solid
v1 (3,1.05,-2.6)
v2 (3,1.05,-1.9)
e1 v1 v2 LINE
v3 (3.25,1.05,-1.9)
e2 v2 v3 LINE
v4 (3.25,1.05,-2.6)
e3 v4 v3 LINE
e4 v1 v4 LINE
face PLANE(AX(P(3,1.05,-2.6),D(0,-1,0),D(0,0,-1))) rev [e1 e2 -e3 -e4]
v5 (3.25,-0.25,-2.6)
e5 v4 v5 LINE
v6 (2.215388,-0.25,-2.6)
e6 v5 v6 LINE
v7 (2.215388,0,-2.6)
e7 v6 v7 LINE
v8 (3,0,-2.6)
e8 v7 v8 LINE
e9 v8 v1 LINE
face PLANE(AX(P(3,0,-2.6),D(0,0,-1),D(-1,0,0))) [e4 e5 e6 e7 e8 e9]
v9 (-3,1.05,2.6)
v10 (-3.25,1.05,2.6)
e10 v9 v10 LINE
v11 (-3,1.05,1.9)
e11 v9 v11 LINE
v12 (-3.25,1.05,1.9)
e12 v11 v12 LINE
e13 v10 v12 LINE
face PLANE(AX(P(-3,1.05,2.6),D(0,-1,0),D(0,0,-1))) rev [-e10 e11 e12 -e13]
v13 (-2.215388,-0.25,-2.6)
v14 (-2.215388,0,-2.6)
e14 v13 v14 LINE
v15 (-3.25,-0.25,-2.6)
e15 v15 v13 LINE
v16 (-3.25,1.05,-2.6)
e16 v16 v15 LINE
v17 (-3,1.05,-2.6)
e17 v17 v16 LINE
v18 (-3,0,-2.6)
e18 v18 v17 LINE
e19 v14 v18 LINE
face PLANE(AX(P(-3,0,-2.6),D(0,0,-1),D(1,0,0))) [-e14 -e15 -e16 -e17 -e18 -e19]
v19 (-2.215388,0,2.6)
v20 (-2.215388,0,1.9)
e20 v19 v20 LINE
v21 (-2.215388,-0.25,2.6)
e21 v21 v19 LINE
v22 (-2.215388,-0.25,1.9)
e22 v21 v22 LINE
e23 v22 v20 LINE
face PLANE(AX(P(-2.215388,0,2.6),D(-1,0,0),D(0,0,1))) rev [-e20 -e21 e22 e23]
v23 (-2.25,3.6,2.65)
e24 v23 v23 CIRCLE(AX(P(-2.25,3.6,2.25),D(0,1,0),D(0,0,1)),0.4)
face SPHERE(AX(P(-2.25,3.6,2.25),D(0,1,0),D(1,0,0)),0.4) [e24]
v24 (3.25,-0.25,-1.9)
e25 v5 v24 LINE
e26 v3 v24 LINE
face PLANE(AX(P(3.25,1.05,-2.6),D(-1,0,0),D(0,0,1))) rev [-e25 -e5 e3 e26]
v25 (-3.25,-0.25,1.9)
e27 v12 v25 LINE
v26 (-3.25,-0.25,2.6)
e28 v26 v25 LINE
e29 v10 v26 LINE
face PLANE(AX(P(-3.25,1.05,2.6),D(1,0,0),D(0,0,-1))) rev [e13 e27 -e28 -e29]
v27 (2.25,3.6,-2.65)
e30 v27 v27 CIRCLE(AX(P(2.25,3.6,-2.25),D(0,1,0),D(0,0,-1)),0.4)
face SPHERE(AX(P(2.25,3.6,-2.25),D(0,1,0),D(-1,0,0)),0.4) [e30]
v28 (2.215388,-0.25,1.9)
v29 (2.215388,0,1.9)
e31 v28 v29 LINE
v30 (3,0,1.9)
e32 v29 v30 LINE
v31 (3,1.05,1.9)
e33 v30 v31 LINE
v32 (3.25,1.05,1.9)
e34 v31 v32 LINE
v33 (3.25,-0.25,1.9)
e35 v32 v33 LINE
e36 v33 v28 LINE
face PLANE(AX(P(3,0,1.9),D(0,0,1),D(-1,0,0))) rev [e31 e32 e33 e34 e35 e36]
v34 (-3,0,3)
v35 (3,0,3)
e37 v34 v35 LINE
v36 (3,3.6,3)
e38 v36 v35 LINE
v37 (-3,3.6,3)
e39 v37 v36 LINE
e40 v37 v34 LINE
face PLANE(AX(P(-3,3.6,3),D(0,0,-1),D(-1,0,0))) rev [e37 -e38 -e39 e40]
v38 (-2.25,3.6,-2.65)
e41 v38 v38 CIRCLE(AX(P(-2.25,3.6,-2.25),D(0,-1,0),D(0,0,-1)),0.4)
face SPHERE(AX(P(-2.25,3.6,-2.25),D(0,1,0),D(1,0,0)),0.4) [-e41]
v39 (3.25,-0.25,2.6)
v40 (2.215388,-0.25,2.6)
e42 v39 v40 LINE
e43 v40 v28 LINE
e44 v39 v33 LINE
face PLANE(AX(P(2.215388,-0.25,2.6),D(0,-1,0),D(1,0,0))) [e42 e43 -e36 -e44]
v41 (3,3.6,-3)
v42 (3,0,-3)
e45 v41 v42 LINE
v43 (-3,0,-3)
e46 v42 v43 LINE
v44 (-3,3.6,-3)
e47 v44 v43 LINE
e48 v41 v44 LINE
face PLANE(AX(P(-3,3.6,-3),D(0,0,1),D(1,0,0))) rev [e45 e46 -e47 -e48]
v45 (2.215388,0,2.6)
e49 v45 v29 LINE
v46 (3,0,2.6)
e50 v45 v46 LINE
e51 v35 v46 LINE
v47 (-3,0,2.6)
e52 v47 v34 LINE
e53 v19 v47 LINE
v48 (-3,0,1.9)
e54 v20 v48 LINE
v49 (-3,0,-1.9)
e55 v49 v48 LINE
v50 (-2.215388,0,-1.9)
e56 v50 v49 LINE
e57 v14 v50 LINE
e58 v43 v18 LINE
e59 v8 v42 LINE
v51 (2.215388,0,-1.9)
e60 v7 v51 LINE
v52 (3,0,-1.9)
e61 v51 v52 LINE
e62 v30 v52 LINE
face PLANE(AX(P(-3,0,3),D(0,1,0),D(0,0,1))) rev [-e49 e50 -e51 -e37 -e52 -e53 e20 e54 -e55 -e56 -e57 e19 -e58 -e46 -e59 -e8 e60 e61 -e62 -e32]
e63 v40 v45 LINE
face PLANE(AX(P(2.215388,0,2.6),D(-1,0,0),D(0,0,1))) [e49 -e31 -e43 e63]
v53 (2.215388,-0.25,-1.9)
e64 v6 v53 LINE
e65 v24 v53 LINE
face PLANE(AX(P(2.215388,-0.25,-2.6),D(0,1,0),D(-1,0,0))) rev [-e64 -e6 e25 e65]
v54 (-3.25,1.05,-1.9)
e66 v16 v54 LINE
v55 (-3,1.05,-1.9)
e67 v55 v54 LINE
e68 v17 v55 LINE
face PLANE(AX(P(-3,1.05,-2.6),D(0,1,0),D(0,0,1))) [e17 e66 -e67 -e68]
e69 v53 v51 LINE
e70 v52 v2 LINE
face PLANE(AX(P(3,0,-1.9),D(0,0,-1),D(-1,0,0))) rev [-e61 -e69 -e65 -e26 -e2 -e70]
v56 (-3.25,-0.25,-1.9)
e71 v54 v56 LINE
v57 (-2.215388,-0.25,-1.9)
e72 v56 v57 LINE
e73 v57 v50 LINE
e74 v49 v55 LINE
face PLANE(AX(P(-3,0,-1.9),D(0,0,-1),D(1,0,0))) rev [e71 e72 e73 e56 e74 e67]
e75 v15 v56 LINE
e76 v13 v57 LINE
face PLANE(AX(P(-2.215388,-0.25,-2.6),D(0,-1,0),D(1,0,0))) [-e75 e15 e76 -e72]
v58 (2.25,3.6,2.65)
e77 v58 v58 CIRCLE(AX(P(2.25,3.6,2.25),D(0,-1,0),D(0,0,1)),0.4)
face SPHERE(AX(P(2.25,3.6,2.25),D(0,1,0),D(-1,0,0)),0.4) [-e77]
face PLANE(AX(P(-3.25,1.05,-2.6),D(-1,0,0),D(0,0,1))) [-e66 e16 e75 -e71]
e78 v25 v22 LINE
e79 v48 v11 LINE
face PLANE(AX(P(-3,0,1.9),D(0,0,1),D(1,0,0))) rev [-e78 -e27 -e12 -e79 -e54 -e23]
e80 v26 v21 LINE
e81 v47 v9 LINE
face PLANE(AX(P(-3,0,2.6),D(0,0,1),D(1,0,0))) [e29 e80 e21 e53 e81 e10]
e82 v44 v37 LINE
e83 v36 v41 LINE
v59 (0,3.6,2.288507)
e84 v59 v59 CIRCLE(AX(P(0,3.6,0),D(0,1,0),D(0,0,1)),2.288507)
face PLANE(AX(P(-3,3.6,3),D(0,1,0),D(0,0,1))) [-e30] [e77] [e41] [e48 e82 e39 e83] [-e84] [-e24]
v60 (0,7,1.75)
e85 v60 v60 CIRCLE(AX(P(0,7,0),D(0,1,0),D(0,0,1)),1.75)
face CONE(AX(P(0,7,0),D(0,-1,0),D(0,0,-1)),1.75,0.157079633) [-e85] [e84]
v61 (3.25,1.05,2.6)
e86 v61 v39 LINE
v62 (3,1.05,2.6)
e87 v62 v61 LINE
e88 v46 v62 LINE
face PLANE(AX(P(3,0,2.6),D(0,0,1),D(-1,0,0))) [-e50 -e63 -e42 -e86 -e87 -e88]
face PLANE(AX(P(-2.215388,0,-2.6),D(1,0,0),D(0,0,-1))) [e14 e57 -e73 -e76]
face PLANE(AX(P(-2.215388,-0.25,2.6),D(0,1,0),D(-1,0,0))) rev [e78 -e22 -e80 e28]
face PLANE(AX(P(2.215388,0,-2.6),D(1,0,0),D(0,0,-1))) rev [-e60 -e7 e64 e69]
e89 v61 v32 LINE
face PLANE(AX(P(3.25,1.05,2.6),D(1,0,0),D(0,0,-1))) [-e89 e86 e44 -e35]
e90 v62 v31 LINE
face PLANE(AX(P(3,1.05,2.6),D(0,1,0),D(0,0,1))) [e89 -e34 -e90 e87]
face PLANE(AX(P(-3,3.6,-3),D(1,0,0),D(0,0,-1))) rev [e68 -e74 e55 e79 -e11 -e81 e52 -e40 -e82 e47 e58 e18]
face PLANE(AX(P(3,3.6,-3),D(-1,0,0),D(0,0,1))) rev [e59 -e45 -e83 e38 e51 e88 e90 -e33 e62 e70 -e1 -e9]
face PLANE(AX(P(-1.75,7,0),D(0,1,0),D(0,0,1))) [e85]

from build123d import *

# Parameters (mm, degrees)
SKETCH1_W            = 6
SKETCH1_H            = 6
EXTRUDE1_DEPTH       = 3.6
EXTRUDE2_DEPTH       = 0.35
MIRROR4_COPY_1_DEPTH = 0.35


with BuildPart() as part:
    # Sketch1 → Extrude1 (new body)
    with BuildSketch(Plane(origin=(0, 0, 0), x_dir=(1, 0, 0), z_dir=(0, 1, 0))):
        Rectangle(SKETCH1_W, SKETCH1_H)
    extrude(amount=EXTRUDE1_DEPTH)

    # Sketch2 → Revolve1 (revolve)
    with BuildSketch(Plane.XY.offset(2.25)):
        with BuildLine():
            Line((-2.25, 3.6), (-1.85, 3.6))
            ThreePointArc((-1.85, 3.6), (-1.967157288, 3.882842712), (-2.25, 4))
            Line((-2.25, 4), (-2.25, 3.6))
        make_face()
    revolve1 = revolve(axis=Axis((-2.25, 4.707394025, 2.25), (0, -1, 0)))

    # Mirror1: Revolve1 across plane
    add(revolve1.mirror(Plane.XY))

    # Mirror2: Revolve1 across plane
    add(revolve1.mirror(Plane(origin=(0, 0, 0), x_dir=(0, 0, 1), z_dir=(1, 0, 0))))

    # Mirror2 copy 1 sketch → Mirror2 copy 1 (revolve)
    with BuildSketch(Plane(origin=(0, 0, -2.25), x_dir=(-1, 0, 0), z_dir=(0, 0, -1))):
        with BuildLine():
            Line((-2.25, 3.6), (-1.85, 3.6))
            ThreePointArc((-1.85, 3.6), (-1.967157288, 3.882842712), (-2.25, 4))
            Line((-2.25, 4), (-2.25, 3.6))
        make_face()
    revolve(axis=Axis((2.25, 4.707394025, -2.25), (0, -1, 0)))

    # Sketch3 → Revolve2 (revolve)
    with BuildSketch(Plane.XY, mode=Mode.PRIVATE) as revolve2_sk:
        Polygon((-2.288507097, 3.6), (-1.75, 7), (0, 7), (0, 3.6), align=None)
    revolve(revolve2_sk.sketch.rotate(Axis((0, 7, 0), (0, -1, 0)), 270), axis=Axis((0, 7, 0), (0, -1, 0)))  # turned: the seam where the file's is

    # Sketch5 → Extrude2 (add, symmetric)
    with BuildSketch(Plane.XY.offset(2.25)):
        Polygon((-3, 1.05), (-3.25, 1.05), (-3.25, -0.25), (-2.215388365, -0.25), (-2.215388365, 0), (-3, 0), align=None)
    extrude2 = extrude(amount=EXTRUDE2_DEPTH, both=True)

    # Mirror3: Extrude2 across plane
    add(extrude2.mirror(Plane.XY))

    # Mirror4: Extrude2 across plane
    add(extrude2.mirror(Plane(origin=(0, 0, 0), x_dir=(0, 0, 1), z_dir=(1, 0, 0))))

    # Mirror4 copy 1 sketch → Mirror4 copy 1 (add, symmetric)
    with BuildSketch(Plane(origin=(0, 0, -2.25), x_dir=(-1, 0, 0), z_dir=(0, 0, -1))):
        Polygon((-3, 1.05), (-3.25, 1.05), (-3.25, -0.25), (-2.215388365, -0.25), (-2.215388365, 0), (-3, 0), align=None)
    extrude(amount=MIRROR4_COPY_1_DEPTH, both=True)


solid = part.part
